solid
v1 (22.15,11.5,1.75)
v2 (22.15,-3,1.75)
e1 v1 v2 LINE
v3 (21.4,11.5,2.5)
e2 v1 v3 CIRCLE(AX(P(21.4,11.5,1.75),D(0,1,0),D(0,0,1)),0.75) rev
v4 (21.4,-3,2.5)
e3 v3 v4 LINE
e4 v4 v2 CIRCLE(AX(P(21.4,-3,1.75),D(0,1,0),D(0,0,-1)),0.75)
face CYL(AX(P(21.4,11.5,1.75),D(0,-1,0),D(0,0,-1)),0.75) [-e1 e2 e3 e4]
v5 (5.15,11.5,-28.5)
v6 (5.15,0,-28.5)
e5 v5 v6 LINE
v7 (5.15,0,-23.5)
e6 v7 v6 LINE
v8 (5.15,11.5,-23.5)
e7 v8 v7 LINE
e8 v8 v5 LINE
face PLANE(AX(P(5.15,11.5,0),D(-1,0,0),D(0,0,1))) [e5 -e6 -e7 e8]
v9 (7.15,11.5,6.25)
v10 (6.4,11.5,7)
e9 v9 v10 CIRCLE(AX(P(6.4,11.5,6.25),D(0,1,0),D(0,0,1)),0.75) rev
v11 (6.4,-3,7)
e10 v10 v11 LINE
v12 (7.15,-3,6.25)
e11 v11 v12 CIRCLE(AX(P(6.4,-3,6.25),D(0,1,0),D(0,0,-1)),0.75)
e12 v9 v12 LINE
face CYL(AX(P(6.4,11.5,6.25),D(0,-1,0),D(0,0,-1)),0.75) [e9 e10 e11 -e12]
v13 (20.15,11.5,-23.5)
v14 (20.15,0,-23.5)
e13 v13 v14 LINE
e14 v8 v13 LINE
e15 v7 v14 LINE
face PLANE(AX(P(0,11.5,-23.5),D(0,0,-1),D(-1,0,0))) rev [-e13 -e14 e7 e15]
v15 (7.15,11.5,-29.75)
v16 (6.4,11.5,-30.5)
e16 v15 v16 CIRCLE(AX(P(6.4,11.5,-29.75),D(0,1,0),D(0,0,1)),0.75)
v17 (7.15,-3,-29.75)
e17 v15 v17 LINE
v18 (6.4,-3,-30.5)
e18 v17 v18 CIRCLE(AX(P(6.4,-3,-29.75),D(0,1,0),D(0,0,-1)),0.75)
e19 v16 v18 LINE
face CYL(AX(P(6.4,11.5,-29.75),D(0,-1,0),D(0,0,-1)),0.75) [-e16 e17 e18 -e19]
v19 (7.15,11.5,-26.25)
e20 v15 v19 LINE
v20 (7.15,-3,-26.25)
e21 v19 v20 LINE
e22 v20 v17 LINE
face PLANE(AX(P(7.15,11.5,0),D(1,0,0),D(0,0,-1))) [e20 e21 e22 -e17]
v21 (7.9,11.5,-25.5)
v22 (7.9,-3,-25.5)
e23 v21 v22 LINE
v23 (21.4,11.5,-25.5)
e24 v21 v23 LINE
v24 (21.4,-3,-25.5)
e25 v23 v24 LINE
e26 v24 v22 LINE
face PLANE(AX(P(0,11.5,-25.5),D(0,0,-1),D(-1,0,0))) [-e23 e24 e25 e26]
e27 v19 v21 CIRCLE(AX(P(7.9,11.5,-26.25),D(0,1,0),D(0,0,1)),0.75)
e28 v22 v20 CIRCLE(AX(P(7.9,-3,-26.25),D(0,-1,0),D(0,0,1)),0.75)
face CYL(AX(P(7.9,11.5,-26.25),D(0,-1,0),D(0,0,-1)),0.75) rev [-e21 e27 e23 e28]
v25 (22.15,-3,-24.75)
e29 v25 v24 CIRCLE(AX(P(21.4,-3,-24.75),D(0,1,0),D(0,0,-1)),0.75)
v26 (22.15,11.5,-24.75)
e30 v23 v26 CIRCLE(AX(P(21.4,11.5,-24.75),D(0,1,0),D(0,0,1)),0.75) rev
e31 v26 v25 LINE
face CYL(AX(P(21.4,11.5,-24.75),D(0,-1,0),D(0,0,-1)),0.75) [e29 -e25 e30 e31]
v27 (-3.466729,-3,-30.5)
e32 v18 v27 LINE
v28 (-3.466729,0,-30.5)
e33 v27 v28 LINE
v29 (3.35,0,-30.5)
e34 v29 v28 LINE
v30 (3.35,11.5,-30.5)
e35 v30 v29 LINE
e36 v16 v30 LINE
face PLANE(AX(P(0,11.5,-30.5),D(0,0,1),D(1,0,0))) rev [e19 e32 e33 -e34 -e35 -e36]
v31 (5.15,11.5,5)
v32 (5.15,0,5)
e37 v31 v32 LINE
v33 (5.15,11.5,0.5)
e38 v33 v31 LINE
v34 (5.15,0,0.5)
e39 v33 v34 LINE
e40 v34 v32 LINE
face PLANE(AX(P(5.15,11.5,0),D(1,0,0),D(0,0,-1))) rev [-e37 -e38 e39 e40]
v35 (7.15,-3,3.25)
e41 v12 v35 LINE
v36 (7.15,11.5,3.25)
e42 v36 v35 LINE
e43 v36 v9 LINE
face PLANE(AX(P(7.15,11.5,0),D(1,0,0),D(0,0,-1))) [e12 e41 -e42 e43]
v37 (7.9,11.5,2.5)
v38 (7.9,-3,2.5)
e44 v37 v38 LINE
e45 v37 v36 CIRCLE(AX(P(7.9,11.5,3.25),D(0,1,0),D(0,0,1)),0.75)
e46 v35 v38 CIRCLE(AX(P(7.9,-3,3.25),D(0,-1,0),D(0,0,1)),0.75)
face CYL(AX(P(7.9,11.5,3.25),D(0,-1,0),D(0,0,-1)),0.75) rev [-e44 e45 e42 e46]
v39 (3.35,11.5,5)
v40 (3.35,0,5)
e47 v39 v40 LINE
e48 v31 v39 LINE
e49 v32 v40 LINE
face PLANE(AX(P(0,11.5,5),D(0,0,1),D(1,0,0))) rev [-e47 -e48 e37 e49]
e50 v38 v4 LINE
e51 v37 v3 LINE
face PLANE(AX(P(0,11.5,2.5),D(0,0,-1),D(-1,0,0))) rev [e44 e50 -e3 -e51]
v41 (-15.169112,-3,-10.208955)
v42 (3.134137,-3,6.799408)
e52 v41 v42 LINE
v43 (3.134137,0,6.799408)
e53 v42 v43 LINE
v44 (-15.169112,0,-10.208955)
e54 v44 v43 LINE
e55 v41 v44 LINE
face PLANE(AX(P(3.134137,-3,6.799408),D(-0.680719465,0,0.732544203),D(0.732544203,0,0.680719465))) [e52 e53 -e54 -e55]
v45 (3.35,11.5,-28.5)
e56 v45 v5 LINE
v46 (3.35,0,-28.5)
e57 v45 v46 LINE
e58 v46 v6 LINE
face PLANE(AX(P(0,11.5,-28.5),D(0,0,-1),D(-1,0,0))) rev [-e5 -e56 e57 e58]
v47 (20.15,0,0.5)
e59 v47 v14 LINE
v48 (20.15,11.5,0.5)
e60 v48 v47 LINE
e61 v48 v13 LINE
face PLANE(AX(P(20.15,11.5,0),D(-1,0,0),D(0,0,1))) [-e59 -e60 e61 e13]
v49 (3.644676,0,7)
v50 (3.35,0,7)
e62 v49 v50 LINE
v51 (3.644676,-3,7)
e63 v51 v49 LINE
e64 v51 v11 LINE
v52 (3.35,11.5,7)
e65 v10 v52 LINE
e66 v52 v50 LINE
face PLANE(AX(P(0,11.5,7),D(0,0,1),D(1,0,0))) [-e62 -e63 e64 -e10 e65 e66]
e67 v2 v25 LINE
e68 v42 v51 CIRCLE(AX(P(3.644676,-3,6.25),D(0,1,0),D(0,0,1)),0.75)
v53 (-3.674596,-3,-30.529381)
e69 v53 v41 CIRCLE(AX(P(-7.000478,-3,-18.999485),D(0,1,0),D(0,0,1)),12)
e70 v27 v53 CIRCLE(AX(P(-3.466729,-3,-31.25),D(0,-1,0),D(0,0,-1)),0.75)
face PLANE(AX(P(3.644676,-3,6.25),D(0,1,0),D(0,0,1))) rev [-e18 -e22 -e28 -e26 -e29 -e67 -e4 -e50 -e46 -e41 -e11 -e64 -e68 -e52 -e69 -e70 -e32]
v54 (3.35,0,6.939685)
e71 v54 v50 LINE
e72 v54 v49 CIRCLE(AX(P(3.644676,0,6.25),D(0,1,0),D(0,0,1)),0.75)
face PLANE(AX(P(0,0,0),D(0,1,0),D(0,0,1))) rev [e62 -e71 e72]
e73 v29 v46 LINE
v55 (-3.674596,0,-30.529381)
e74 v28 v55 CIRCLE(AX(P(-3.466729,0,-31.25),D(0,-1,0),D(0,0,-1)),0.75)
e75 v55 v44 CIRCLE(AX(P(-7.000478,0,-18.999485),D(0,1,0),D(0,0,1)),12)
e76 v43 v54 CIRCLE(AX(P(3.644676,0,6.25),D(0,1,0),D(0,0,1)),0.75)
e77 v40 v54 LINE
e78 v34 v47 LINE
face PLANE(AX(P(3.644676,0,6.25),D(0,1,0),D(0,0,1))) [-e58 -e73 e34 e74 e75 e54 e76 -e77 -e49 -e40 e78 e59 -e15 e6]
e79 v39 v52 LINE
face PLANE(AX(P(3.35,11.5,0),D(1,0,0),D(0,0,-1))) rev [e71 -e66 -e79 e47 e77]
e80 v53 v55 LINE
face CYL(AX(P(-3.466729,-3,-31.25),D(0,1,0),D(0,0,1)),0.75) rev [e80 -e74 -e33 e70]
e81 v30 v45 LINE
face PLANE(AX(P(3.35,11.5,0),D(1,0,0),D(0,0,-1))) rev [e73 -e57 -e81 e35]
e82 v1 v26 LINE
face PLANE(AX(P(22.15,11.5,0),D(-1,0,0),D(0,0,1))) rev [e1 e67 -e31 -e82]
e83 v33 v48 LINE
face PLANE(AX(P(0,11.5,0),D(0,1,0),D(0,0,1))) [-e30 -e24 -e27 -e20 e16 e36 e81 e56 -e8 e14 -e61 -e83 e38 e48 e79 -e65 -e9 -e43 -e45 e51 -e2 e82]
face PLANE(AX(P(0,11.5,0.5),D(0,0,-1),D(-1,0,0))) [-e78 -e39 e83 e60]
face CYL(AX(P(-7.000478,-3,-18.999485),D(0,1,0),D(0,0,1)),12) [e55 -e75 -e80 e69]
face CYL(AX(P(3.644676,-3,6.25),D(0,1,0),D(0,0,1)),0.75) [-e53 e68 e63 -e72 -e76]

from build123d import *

# Parameters (mm, degrees)
BRACKET_DEPTH       = 11.5
BOSS_EXTRUDE1_START = -3
BOSS_EXTRUDE1_DEPTH = 3


with BuildPart() as part:
    # Sketch9 → Bracket (new body)
    with BuildSketch(Plane(origin=(0, 0, 0), x_dir=(1, 0, 0), z_dir=(0, 1, 0))):
        with BuildLine():
            Line((5.15, -5), (4.65, -5))
            Line((4.65, -5), (3.35, -5))
            Line((3.35, -5), (3.35, -7))
            Line((3.35, -7), (6.4, -7))
            ThreePointArc((6.4, -7), (6.930330086, -6.780330086), (7.15, -6.25))
            Line((7.15, -6.25), (7.15, -5))
            Line((7.15, -5), (7.15, -3.25))
            ThreePointArc((7.15, -3.25), (7.369669914, -2.719669914), (7.9, -2.5))
            Line((7.9, -2.5), (21.4, -2.5))
            ThreePointArc((21.4, -2.5), (21.930330086, -2.280330086), (22.15, -1.75))
            Line((22.15, -1.75), (22.15, 24.75))
            ThreePointArc((22.15, 24.75), (21.930330086, 25.280330086), (21.4, 25.5))
            Line((21.4, 25.5), (7.9, 25.5))
            ThreePointArc((7.9, 25.5), (7.369669914, 25.719669914), (7.15, 26.25))
            Line((7.15, 26.25), (7.15, 28))
            Line((7.15, 28), (7.15, 29.75))
            ThreePointArc((7.15, 29.75), (6.930330086, 30.280330086), (6.4, 30.5))
            Line((6.4, 30.5), (5.15, 30.5))
            Line((5.15, 30.5), (3.35, 30.5))
            Line((3.35, 30.5), (3.35, 28.5))
            Line((3.35, 28.5), (5.15, 28.5))
            Line((5.15, 28.5), (5.15, 28))
            Line((5.15, 28), (5.15, 23.5))
            Line((5.15, 23.5), (20.15, 23.5))
            Line((20.15, 23.5), (20.15, -0.5))
            Line((20.15, -0.5), (5.15, -0.5))
            Line((5.15, -0.5), (5.15, -5))
        make_face()
    extrude(amount=BRACKET_DEPTH)

    # Sketch12 → Boss-Extrude1 (add)
    with BuildSketch(Plane(origin=(0, 0, 0), x_dir=(1, 0, 0), z_dir=(0, 1, 0)).offset(BOSS_EXTRUDE1_START)):
        with BuildLine():
            Line((3.134136634, -6.799408153), (-15.169112008, 10.208954707))
            ThreePointArc((-15.169112008, 10.208954707), (-17.445237733, 24.907700028), (-3.6745965, 30.529381479))
            ThreePointArc((-3.6745965, 30.529381479), (-3.571695801, 30.507381696), (-3.466728879, 30.5))
            Line((-3.466728879, 30.5), (6.4, 30.5))
            ThreePointArc((6.4, 30.5), (6.930330086, 30.280330086), (7.15, 29.75))
            Line((7.15, 29.75), (7.15, 26.25))
            ThreePointArc((7.15, 26.25), (7.369669914, 25.719669914), (7.9, 25.5))
            Line((7.9, 25.5), (21.4, 25.5))
            ThreePointArc((21.4, 25.5), (21.930330086, 25.280330086), (22.15, 24.75))
            Line((22.15, 24.75), (22.15, -1.75))
            ThreePointArc((22.15, -1.75), (21.930330086, -2.280330086), (21.4, -2.5))
            Line((21.4, -2.5), (7.9, -2.5))
            ThreePointArc((7.9, -2.5), (7.369669914, -2.719669914), (7.15, -3.25))
            Line((7.15, -3.25), (7.15, -6.25))
            ThreePointArc((7.15, -6.25), (6.930330086, -6.780330086), (6.4, -7))
            Line((6.4, -7), (3.644676233, -7))
            ThreePointArc((3.644676233, -7), (3.370410043, -6.948053048), (3.134136634, -6.799408153))
        make_face()
    extrude(amount=BOSS_EXTRUDE1_DEPTH)


solid = part.part
